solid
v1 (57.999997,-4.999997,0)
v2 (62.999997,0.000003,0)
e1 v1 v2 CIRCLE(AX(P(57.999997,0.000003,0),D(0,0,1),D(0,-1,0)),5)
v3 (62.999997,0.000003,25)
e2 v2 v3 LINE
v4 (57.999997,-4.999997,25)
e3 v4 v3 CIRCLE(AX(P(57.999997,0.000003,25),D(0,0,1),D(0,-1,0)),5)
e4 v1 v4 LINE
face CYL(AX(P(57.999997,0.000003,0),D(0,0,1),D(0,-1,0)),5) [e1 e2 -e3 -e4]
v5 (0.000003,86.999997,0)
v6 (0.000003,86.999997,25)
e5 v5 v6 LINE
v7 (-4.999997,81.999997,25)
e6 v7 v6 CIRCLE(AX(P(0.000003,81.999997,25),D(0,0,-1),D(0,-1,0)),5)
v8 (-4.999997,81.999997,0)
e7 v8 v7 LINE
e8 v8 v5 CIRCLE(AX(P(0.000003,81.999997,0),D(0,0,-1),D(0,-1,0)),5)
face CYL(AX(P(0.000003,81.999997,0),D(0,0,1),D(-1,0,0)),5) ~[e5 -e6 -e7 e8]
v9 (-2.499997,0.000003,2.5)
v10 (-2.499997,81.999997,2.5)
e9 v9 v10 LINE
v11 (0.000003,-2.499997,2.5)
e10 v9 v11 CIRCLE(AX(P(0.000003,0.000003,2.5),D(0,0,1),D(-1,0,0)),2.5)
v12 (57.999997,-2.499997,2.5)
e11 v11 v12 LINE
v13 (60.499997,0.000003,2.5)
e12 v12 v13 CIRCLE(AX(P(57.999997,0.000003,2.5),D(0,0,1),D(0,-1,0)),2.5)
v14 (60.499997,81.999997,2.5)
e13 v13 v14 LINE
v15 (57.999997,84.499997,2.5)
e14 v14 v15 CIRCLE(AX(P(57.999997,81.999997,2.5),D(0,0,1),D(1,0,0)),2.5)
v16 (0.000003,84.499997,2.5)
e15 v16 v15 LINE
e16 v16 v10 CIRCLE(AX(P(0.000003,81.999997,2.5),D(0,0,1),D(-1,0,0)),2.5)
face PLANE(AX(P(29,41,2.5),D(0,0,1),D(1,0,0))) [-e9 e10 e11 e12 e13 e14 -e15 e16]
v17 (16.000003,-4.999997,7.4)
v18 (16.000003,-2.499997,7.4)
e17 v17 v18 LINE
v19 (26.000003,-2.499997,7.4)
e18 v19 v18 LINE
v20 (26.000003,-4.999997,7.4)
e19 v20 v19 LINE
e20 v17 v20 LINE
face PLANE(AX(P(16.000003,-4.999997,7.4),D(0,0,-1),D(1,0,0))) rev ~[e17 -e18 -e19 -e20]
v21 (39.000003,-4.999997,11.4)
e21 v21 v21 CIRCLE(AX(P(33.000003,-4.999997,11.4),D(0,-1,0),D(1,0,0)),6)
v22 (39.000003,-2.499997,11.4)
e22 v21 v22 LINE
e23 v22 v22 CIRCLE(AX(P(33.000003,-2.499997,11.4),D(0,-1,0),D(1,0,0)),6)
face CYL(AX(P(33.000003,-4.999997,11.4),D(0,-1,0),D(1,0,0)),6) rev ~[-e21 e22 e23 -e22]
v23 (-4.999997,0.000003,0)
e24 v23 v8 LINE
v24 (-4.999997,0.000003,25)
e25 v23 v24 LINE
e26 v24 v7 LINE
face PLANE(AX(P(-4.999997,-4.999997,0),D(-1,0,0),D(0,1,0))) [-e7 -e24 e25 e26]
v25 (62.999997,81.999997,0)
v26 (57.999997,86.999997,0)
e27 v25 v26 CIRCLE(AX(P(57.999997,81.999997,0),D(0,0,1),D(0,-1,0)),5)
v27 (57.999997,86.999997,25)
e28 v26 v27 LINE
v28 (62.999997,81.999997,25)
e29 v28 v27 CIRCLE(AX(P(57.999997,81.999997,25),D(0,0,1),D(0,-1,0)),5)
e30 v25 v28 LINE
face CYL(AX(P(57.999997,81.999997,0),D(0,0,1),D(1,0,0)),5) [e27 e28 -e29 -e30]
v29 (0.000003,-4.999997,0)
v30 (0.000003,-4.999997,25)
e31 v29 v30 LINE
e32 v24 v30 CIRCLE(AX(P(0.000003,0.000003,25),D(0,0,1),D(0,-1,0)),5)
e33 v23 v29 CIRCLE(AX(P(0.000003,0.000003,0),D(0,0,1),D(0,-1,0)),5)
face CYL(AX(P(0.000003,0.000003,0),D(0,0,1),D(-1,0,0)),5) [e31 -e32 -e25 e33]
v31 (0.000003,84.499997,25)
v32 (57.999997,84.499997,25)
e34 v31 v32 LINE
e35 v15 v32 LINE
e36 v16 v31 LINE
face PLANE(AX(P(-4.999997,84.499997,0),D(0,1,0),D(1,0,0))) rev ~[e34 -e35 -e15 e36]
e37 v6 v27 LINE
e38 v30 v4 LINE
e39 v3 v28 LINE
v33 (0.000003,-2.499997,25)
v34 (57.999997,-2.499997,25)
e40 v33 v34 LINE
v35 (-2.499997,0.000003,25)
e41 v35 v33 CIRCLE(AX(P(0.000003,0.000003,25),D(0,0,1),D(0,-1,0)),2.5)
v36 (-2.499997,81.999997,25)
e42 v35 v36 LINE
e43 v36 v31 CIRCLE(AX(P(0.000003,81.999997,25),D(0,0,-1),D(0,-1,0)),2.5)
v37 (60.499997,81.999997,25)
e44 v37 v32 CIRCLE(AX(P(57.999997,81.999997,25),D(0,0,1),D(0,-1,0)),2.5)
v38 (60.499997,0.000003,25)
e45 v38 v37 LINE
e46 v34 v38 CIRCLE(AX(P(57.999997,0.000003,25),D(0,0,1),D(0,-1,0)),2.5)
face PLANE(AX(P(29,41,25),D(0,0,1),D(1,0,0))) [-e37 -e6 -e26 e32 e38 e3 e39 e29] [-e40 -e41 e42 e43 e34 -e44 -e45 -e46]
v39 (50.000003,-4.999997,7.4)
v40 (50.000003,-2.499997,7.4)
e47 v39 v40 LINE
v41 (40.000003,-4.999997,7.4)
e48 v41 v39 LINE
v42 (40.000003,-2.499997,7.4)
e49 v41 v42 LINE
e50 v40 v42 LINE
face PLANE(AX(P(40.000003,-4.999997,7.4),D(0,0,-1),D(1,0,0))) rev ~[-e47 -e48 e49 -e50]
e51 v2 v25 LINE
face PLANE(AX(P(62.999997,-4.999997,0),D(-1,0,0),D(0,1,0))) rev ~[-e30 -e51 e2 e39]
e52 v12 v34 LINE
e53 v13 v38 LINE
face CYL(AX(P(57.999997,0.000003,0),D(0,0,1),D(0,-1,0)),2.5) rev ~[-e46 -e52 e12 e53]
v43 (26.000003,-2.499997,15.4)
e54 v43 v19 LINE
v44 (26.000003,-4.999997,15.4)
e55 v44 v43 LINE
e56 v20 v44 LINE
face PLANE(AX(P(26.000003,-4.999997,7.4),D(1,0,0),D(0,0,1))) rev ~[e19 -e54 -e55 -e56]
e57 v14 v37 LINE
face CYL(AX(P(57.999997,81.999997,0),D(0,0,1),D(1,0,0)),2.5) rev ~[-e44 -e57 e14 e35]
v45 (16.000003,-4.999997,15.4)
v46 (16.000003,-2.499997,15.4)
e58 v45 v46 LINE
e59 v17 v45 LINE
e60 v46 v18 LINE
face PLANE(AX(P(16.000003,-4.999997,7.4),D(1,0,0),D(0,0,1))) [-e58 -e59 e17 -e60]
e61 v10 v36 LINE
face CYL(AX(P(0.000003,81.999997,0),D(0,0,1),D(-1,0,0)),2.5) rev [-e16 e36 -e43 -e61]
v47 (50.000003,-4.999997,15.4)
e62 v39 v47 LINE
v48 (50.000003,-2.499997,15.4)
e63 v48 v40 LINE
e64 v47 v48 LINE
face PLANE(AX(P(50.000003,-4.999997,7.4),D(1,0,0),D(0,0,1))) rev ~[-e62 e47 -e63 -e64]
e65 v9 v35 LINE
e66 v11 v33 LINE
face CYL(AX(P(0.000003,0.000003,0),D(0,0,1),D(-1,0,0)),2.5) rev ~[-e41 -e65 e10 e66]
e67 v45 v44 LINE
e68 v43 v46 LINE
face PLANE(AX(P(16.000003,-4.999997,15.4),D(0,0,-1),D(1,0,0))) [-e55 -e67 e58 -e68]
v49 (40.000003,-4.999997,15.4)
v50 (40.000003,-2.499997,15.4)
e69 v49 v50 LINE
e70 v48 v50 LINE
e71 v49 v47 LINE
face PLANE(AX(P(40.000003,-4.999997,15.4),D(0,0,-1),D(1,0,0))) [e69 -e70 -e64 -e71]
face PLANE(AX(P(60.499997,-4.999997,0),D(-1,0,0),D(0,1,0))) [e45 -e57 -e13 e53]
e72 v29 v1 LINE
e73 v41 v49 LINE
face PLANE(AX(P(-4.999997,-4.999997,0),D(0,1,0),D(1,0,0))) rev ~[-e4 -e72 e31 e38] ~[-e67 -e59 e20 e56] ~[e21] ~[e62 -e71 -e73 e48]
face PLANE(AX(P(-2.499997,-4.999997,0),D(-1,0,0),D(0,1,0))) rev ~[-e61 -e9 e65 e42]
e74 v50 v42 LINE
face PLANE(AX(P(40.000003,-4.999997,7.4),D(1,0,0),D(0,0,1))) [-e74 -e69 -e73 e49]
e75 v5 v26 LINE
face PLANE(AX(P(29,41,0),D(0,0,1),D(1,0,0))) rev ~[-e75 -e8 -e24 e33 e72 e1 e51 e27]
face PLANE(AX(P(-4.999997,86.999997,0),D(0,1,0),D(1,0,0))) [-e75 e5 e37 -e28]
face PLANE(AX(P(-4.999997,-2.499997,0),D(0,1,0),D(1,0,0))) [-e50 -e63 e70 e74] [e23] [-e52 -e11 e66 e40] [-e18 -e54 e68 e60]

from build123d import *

# Parameters (mm, degrees)
F0_W     = 58
F0_H     = 82
F1_DEPTH = 19
F2_W     = 67.999994
F2_H     = 91.999994
F3_DEPTH = 25
F4_R     = 5
F5_T     = -2.5
F6_W     = 10
F6_H     = 8
F6_R     = 6
F7_DEPTH = 25


with BuildPart() as f1:
    # F0 (on Top) → F1 (new body)
    with BuildSketch(Plane.XY):
        with Locations((29, 41)):
            Rectangle(F0_W, F0_H)
    extrude(amount=F1_DEPTH)


with BuildPart() as f3:
    # F2 (on Top) → F3 (new body)
    with BuildSketch(Plane.XY):
        with Locations((29, 41)):
            Rectangle(F2_W, F2_H)
    extrude(amount=F3_DEPTH)

    # F4
    f4_edges = [f3.edges().sort_by_distance(p)[0] for p in [
        (-4.999997, -4.999997, 12.5),
        (62.999997, -4.999997, 12.5),
        (-4.999997, 86.999997, 12.5),
        (62.999997, 86.999997, 12.5),
    ]]
    fillet(f4_edges, radius=F4_R)

    # F5
    f5_openings = [f3.faces().sort_by_distance(p)[0] for p in [
        (29, 41, 25),
    ]]
    offset(amount=F5_T, openings=f5_openings)


with BuildPart() as f7_tool:
    # F6 (on face) → F7 (new body)
    with BuildSketch(Plane.XZ.offset(4.999997)):
        with Locations((21.000003, 11.4)):
            Rectangle(F6_W, F6_H)
        with Locations((33.000003, 11.4)):
            Circle(F6_R)
        with Locations((45.000003, 11.4)):
            Rectangle(F6_W, F6_H)
    extrude(amount=-F7_DEPTH)


with BuildPart() as f1_1:
    add(f1.part)

    # F7: cut by f7_tool
    add(f7_tool.part, mode=Mode.SUBTRACT)


with BuildPart() as f3_1:
    add(f3.part)

    # F7: cut by f7_tool
    add(f7_tool.part, mode=Mode.SUBTRACT)


solid = f3_1.part
